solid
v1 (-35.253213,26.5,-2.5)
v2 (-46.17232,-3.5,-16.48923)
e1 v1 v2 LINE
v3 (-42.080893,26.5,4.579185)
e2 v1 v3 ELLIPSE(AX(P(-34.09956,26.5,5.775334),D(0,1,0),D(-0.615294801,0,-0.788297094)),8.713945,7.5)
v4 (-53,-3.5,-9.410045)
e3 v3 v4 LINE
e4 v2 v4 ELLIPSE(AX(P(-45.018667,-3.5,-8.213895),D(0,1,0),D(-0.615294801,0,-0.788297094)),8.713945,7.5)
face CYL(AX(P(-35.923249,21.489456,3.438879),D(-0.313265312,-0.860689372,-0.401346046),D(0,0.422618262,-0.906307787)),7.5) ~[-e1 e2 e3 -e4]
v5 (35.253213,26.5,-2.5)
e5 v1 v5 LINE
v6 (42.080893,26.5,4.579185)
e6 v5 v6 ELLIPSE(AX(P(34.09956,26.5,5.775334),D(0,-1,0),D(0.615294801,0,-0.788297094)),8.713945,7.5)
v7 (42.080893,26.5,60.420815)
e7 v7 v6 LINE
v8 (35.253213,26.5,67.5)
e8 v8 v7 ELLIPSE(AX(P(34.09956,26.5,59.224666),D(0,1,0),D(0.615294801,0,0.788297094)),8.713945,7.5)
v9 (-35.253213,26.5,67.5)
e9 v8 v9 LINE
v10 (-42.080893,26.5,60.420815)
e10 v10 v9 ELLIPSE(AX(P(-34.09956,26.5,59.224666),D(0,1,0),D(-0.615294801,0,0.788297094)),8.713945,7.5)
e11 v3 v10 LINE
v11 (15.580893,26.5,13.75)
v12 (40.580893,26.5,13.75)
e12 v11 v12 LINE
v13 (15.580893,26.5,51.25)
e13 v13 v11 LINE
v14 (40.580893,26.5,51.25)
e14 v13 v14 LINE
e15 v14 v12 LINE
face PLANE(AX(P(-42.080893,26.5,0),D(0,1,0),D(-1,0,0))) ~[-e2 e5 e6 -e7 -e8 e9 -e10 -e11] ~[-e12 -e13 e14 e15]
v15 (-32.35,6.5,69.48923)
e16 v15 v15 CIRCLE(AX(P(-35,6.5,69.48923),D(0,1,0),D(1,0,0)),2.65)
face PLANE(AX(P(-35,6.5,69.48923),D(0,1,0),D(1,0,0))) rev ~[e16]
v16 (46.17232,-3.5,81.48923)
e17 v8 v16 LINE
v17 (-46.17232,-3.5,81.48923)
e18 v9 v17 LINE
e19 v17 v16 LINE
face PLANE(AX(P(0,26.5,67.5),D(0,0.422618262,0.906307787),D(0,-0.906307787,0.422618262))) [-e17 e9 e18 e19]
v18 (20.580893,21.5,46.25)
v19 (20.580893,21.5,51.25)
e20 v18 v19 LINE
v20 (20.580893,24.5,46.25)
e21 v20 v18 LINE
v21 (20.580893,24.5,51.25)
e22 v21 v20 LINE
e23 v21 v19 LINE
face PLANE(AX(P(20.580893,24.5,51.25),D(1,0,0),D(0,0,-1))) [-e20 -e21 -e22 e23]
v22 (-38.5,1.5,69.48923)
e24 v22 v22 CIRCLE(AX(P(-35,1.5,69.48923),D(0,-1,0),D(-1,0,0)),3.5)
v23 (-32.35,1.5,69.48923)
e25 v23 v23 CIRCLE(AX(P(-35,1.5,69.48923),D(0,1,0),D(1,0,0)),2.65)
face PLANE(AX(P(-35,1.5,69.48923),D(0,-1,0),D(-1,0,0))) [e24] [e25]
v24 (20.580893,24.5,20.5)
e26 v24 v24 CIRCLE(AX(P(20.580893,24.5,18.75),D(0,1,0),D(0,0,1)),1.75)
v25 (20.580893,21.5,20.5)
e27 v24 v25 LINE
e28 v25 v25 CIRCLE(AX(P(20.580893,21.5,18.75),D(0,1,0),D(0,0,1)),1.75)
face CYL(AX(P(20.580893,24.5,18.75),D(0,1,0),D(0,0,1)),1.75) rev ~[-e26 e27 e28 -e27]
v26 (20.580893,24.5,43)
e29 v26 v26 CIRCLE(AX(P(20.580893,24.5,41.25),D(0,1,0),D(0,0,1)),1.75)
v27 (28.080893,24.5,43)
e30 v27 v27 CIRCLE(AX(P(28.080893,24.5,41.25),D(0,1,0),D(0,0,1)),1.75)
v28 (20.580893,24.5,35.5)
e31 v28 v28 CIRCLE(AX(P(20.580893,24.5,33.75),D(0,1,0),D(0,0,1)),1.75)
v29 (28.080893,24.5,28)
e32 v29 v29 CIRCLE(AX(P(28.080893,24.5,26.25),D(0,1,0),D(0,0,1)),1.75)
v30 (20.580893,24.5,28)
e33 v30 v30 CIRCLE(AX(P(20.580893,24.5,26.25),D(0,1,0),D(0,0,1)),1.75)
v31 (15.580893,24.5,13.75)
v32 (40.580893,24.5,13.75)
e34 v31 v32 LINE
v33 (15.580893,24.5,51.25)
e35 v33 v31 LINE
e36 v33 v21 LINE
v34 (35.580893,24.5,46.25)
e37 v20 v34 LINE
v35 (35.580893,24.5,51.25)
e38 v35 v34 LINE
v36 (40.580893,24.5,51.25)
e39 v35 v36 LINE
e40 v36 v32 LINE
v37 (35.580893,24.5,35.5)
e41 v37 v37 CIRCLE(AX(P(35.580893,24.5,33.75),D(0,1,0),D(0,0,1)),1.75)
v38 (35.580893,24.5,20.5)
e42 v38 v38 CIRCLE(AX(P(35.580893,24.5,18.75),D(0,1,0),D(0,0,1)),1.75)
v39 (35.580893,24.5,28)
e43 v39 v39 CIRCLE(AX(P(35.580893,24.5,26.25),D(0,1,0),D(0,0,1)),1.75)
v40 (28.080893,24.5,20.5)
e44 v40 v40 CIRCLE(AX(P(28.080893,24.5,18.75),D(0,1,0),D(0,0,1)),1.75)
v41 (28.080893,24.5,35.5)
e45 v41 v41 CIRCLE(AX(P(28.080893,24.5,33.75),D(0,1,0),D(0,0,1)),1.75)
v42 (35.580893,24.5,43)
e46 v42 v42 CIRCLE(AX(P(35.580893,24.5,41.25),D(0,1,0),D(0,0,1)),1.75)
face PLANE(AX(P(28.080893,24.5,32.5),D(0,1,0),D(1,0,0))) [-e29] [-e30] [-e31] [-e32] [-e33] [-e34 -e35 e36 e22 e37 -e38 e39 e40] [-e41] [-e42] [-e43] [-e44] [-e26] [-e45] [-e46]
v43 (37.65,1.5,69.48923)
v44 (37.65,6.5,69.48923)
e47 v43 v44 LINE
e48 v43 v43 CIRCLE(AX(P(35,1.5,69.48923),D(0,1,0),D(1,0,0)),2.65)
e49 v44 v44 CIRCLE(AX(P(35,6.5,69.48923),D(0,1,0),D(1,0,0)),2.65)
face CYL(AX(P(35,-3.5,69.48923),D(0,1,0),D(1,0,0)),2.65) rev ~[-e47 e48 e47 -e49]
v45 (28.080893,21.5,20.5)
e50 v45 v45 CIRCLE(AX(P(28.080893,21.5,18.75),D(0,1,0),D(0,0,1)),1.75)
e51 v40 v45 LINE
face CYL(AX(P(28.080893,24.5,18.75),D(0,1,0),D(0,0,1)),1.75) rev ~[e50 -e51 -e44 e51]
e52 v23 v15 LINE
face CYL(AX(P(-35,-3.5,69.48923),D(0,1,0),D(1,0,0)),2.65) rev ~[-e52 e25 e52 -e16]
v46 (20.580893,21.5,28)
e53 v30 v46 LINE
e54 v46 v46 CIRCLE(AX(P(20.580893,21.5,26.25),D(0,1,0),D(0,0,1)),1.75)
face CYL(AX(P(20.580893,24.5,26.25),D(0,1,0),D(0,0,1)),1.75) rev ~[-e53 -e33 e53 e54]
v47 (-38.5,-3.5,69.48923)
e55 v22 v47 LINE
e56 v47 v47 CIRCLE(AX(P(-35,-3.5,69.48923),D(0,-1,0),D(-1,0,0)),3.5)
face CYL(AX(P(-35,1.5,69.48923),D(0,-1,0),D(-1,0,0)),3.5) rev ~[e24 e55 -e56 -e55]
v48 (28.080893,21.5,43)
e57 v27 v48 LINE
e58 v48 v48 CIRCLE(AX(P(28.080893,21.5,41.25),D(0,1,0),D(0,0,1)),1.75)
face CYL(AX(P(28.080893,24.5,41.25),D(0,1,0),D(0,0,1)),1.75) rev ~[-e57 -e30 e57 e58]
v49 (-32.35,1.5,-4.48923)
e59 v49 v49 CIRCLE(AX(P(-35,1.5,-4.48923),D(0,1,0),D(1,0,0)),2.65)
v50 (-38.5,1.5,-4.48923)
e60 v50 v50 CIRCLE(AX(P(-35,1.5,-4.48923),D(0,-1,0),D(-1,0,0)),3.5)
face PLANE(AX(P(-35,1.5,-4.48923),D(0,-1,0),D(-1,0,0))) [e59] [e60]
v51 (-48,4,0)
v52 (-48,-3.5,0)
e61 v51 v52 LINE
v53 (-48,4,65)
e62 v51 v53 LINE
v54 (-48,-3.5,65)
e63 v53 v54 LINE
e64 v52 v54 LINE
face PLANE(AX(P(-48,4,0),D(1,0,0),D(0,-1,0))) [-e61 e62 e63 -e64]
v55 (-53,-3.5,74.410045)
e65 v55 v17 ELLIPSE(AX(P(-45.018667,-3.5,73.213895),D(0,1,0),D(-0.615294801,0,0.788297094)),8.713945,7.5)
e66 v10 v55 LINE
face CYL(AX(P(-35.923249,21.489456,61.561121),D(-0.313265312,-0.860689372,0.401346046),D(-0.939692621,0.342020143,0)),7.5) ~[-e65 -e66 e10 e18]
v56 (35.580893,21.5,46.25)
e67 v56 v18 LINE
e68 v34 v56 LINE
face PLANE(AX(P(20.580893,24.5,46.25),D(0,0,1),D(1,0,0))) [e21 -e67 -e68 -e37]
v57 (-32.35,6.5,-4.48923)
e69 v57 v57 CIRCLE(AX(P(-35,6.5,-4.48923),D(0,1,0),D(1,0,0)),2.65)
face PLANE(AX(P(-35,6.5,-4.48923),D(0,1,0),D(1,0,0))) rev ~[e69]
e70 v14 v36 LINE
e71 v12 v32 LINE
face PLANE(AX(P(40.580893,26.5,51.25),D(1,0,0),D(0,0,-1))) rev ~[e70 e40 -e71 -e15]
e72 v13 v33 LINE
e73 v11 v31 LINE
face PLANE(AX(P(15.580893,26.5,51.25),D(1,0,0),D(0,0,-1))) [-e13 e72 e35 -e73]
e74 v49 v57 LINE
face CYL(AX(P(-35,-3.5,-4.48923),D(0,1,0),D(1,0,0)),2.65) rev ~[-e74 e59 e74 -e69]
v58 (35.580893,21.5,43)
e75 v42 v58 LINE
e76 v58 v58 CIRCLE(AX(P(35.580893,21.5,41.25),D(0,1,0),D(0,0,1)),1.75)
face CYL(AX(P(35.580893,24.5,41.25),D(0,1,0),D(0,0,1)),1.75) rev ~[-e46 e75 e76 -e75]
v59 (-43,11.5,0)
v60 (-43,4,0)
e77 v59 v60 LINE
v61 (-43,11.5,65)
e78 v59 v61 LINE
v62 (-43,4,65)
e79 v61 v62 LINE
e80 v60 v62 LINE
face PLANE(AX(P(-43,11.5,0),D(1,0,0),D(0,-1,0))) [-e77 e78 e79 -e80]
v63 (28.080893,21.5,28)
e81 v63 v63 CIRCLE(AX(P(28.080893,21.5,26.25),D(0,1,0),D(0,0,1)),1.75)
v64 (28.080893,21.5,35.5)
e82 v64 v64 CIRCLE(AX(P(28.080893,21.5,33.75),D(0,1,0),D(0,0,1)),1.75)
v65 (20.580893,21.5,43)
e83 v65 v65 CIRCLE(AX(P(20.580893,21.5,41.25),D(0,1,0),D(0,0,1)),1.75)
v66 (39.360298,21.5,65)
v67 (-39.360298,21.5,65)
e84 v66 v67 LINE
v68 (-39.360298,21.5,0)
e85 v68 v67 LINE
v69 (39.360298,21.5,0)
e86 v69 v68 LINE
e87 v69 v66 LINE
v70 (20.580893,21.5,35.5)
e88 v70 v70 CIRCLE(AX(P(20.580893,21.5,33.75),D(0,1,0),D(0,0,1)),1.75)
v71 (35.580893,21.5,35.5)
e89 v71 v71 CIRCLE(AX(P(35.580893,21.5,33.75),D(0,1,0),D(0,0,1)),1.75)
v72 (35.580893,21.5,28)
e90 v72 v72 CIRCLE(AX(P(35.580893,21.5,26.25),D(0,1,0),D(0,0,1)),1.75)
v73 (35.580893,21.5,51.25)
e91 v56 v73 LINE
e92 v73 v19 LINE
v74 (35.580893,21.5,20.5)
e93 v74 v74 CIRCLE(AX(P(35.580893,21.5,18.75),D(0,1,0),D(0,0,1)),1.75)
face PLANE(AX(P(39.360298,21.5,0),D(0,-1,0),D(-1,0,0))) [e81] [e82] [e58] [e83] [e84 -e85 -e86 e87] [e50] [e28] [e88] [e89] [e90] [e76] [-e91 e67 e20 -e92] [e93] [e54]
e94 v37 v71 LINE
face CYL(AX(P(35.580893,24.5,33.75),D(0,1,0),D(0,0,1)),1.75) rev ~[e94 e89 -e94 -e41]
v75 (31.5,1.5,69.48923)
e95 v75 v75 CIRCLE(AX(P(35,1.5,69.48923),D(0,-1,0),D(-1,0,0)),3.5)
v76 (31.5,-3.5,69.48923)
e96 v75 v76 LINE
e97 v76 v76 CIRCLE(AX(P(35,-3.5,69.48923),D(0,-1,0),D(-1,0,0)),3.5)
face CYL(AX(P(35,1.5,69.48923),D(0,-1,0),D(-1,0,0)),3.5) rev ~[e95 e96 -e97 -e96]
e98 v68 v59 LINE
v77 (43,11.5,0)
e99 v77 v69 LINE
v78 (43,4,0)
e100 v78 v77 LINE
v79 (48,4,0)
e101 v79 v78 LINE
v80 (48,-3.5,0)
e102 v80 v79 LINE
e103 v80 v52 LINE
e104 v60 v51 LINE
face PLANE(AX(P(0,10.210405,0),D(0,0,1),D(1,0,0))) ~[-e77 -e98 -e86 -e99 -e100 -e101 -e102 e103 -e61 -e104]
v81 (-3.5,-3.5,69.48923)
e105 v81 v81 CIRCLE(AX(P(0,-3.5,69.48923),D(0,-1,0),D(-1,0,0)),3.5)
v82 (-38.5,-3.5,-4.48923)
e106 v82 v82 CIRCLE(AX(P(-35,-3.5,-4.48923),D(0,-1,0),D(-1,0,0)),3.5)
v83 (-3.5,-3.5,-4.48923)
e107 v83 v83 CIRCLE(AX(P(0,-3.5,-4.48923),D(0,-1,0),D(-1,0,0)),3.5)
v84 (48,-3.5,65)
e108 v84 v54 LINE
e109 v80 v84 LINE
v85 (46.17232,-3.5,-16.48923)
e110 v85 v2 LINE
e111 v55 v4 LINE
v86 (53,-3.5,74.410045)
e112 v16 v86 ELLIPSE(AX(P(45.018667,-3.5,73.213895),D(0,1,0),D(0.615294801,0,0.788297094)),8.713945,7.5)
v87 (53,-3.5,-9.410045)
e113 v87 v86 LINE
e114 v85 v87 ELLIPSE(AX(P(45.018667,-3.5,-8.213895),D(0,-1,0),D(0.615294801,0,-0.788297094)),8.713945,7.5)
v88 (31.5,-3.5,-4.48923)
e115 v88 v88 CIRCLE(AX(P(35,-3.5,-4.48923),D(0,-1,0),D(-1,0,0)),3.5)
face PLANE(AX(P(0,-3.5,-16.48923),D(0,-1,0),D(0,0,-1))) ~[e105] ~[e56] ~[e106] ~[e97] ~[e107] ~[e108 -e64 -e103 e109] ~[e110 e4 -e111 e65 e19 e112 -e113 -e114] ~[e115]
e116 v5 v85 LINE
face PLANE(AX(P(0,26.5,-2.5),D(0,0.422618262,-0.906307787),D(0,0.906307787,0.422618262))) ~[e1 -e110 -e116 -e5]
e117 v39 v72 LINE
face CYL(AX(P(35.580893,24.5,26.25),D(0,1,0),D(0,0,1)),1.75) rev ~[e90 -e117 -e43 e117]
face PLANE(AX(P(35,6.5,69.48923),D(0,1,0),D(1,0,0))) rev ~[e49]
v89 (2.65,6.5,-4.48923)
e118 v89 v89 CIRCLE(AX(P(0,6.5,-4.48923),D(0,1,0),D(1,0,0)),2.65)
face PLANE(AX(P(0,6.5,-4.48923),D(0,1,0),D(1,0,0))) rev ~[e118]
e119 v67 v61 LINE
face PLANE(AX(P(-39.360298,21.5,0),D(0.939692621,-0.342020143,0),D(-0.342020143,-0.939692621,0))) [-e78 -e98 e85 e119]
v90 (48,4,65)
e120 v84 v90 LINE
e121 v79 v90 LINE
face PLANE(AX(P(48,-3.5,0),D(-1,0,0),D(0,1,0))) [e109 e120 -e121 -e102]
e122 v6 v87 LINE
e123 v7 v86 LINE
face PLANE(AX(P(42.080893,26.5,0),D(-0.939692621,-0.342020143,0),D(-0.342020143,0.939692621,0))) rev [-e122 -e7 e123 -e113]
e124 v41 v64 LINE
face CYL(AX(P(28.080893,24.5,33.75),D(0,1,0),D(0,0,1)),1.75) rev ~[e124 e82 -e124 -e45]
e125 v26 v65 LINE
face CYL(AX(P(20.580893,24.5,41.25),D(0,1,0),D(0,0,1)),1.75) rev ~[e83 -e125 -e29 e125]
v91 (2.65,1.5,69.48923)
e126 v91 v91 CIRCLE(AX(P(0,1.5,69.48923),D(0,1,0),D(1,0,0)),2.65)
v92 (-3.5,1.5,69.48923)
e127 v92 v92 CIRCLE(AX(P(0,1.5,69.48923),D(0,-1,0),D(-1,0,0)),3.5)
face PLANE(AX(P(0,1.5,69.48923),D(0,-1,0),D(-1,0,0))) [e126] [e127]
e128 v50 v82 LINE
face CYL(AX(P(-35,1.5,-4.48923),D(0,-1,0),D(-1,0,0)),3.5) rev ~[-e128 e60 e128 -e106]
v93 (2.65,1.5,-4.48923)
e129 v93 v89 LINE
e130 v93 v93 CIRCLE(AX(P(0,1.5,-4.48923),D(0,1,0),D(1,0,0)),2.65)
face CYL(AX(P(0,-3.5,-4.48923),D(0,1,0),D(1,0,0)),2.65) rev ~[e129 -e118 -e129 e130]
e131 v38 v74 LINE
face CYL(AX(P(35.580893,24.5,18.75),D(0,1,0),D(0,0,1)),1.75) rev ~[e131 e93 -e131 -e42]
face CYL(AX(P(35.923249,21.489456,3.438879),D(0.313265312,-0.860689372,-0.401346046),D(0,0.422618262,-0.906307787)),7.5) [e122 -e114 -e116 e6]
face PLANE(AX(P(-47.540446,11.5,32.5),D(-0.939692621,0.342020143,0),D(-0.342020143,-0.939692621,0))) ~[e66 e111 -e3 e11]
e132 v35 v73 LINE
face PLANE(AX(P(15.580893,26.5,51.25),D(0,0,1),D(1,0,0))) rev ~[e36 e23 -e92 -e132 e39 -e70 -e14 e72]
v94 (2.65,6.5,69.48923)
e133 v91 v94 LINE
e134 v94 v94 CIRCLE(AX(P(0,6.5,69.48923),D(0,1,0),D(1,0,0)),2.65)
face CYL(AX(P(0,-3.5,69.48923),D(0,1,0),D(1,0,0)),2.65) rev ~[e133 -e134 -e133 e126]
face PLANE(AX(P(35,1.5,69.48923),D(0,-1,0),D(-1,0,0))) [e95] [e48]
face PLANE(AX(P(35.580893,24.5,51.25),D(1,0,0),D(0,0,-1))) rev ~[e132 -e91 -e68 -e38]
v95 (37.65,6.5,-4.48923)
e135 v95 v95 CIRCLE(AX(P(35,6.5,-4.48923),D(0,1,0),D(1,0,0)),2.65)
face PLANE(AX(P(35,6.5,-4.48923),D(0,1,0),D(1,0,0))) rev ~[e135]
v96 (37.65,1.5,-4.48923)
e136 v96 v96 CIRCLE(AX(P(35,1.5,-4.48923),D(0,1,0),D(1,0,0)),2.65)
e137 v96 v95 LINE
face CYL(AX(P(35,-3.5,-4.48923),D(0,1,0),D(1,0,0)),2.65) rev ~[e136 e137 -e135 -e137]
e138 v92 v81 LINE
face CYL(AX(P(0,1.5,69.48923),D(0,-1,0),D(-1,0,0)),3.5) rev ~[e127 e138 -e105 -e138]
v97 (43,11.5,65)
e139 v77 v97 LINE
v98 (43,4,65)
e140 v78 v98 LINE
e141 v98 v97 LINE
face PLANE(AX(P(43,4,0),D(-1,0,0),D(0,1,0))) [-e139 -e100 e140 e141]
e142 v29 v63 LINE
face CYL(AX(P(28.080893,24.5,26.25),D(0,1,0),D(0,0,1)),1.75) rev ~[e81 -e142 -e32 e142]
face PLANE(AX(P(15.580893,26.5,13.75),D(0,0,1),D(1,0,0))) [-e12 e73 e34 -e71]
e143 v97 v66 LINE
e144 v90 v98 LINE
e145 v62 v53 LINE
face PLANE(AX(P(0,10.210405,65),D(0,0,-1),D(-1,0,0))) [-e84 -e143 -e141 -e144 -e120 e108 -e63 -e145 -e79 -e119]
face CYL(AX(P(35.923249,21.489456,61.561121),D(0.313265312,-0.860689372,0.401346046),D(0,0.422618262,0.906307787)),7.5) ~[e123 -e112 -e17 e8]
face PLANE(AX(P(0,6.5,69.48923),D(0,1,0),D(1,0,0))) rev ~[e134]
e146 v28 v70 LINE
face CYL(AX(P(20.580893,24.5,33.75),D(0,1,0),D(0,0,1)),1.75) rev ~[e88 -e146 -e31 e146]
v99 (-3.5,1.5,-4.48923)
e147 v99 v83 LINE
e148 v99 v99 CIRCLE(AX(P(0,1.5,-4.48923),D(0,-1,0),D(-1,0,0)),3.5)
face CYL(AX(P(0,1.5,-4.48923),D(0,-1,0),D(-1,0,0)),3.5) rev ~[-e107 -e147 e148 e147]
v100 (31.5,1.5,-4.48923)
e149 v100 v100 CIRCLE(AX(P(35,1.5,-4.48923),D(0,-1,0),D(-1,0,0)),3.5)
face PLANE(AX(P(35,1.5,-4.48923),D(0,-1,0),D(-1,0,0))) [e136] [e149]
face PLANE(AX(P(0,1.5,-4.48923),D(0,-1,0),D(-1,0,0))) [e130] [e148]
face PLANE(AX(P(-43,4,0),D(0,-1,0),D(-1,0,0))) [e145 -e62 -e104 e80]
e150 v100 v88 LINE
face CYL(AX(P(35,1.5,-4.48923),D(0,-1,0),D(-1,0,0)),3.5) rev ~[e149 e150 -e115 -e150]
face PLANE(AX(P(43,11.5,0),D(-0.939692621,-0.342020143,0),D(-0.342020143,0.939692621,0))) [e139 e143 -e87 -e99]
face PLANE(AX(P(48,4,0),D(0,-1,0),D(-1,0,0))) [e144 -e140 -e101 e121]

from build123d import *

# Parameters (mm, degrees)
TOP_ENCLOSURE_DEPTH                     = 65
TOP_EXTRA_DEPTH                         = 2.5
SKETCH3_W                               = 25
SKETCH3_H                               = 37.5
SOLAR_CELL_SLOT_DEPTH                   = 2
BOSS_EXTRUDE1_REACH                     = 91.819
BOSS_EXTRUDE2_REACH                     = 102.756
FILLET1_R                               = 7.5
CBORE_FOR_M5_HEX_HEAD_BOLT1_D           = 5.3
CBORE_FOR_M5_HEX_HEAD_BOLT1_DEPTH       = 10
CBORE_FOR_M5_HEX_HEAD_BOLT1_CBORE_D     = 7
CBORE_FOR_M5_HEX_HEAD_BOLT1_CBORE_DEPTH = 5
SKETCH10_R                              = 1.75
SKETCH10_W                              = 15
SKETCH10_H                              = 5
CUT_EXTRUDE1_DEPTH                      = 102.160736278


with BuildPart() as part:
    # Master_Geometry → Top_Enclosure (new body)
    with BuildSketch(Plane.XY):
        Polygon((-48, -3.5), (-53, -3.5), (-42.080892972, 26.5), (42.080892972, 26.5), (53, -3.5), (48, -3.5), (48, 4), (43, 4), (43, 11.5), (39.360297657, 21.5), (-39.360297657, 21.5), (-43, 11.5), (-43, 4), (-48, 4), align=None)
    extrude(amount=TOP_ENCLOSURE_DEPTH)

    # Sketch2 → Top_Extra (add)
    with BuildSketch(Plane.XY.offset(65)):
        Polygon((-42.080892972, 26.5), (42.080892972, 26.5), (53, -3.5), (-53, -3.5), align=None)
    top_extra = extrude(amount=TOP_EXTRA_DEPTH)

    # Mirror1: Top_Extra across plane
    add(top_extra.mirror(Plane(origin=(0, 0, 32.5), x_dir=(1, 0, 0), z_dir=(0, 0, -1))))

    # Sketch3 → Solar_Cell_Slot (cut)
    with BuildSketch(Plane(origin=(0, 26.5, 0), x_dir=(1, 0, 0), z_dir=(0, 1, 0))):
        with Locations((28.080892972, -32.5)):
            Rectangle(SKETCH3_W, SKETCH3_H)
    extrude(amount=-SOLAR_CELL_SLOT_DEPTH, mode=Mode.SUBTRACT)

    # Boss-Extrude1: up to this plane
    boss_extrude1_end = Plane(origin=(42.080892972, 26.5, 65), z_dir=(-0.9396926207859069, -0.3420201433256729, 0))
    # Sketch5 → Boss-Extrude1 (add, up to the surface)
    with BuildSketch(Plane(origin=(0, 0, 0), x_dir=(0, 0, -1), z_dir=(1, 0, 0)), mode=Mode.PRIVATE) as boss_extrude1_sk1:
        Polygon((-67.5, 26.5), (-67.5, -3.5), (-81.489229745, -3.5), align=None)
    boss_extrude1_tool1 = split(extrude(boss_extrude1_sk1.sketch, amount=BOSS_EXTRUDE1_REACH, mode=Mode.PRIVATE), bisect_by=boss_extrude1_end, keep=Keep.BOTH, mode=Mode.PRIVATE)
    boss_extrude1 = boss_extrude1_tool1.solids().sort_by_distance((0, 6.5, 72.163077))[0]
    add(boss_extrude1)

    # Boss-Extrude2: up to this face of the body (flat: up to its plane)
    boss_extrude2_end = Plane(part.part.faces().sort_by_distance((-47.540446486, 11.5, 32.5))[0])
    # Sketch6 → Boss-Extrude2 (add, up to the picked face)
    with BuildSketch(Plane.ZY, mode=Mode.PRIVATE) as boss_extrude2_sk1:
        Polygon((67.5, 26.5), (81.489229745, -3.5), (67.5, -3.5), align=None)
    boss_extrude2_tool1 = split(extrude(boss_extrude2_sk1.sketch, amount=BOSS_EXTRUDE2_REACH, mode=Mode.PRIVATE), bisect_by=boss_extrude2_end, keep=Keep.BOTH, mode=Mode.PRIVATE)
    boss_extrude2 = boss_extrude2_tool1.solids().sort_by(Axis((0, 6.5, 72.163077), (-1, 0, 0)))[0]
    add(boss_extrude2)

    # Mirror3: Boss-Extrude1, Boss-Extrude2 across plane
    add(boss_extrude1.mirror(Plane(origin=(0, 0, 32.5), x_dir=(1, 0, 0), z_dir=(0, 0, -1))))
    add(boss_extrude2.mirror(Plane(origin=(0, 0, 32.5), x_dir=(1, 0, 0), z_dir=(0, 0, -1))))

    # Fillet1
    fillet1_edges = [part.edges().sort_by_distance(p)[0] for p in [
        (47.540446486, 11.5, -9.494614872),
        (-47.540446486, 11.5, -9.494614872),
        (47.540446486, 11.5, 74.494614872),
        (-47.540446486, 11.5, 74.494614872),
    ]]
    fillet(fillet1_edges, radius=FILLET1_R)

    # CBORE for M5 Hex Head Bolt1
    with Locations(Plane(origin=(0, -3.5, 0), x_dir=(-1, 0, 0), z_dir=(0, -1, 0))):
        with Locations((35, -69.489229745), (0, -69.489229745), (-35, -69.489229745), (-35, 4.489229745), (0, 4.489229745), (35, 4.489229745)):
            CounterBoreHole(CBORE_FOR_M5_HEX_HEAD_BOLT1_D / 2, CBORE_FOR_M5_HEX_HEAD_BOLT1_CBORE_D / 2, CBORE_FOR_M5_HEX_HEAD_BOLT1_CBORE_DEPTH, depth=CBORE_FOR_M5_HEX_HEAD_BOLT1_DEPTH)

    # Sketch10 → Cut-Extrude1 (cut, through all)
    with BuildSketch(Plane(origin=(0, 24.5, 0), x_dir=(1, 0, 0), z_dir=(0, 1, 0))):
        with Locations(Location((20.580892972, -18.75, 0), (0, 0, 270))):
            Circle(SKETCH10_R)
        with Locations(Location((28.080892972, -18.75, 0), (0, 0, 270))):
            Circle(SKETCH10_R)
        with Locations(Location((35.580892972, -18.75, 0), (0, 0, 270))):
            Circle(SKETCH10_R)
        with Locations(Location((35.580892972, -26.25, 0), (0, 0, 270))):
            Circle(SKETCH10_R)
        with Locations(Location((28.080892972, -26.25, 0), (0, 0, 270))):
            Circle(SKETCH10_R)
        with Locations(Location((20.580892972, -26.25, 0), (0, 0, 270))):
            Circle(SKETCH10_R)
        with Locations(Location((35.580892972, -33.75, 0), (0, 0, 270))):
            Circle(SKETCH10_R)
        with Locations(Location((28.080892972, -33.75, 0), (0, 0, 270))):
            Circle(SKETCH10_R)
        with Locations(Location((20.580892972, -33.75, 0), (0, 0, 270))):
            Circle(SKETCH10_R)
        with Locations(Location((35.580892972, -41.25, 0), (0, 0, 270))):
            Circle(SKETCH10_R)
        with Locations(Location((28.080892972, -41.25, 0), (0, 0, 270))):
            Circle(SKETCH10_R)
        with Locations(Location((20.580892972, -41.25, 0), (0, 0, 270))):
            Circle(SKETCH10_R)
        with Locations((28.080892972, -48.75)):
            Rectangle(SKETCH10_W, SKETCH10_H)
    extrude(amount=-CUT_EXTRUDE1_DEPTH, mode=Mode.SUBTRACT)


solid = part.part
